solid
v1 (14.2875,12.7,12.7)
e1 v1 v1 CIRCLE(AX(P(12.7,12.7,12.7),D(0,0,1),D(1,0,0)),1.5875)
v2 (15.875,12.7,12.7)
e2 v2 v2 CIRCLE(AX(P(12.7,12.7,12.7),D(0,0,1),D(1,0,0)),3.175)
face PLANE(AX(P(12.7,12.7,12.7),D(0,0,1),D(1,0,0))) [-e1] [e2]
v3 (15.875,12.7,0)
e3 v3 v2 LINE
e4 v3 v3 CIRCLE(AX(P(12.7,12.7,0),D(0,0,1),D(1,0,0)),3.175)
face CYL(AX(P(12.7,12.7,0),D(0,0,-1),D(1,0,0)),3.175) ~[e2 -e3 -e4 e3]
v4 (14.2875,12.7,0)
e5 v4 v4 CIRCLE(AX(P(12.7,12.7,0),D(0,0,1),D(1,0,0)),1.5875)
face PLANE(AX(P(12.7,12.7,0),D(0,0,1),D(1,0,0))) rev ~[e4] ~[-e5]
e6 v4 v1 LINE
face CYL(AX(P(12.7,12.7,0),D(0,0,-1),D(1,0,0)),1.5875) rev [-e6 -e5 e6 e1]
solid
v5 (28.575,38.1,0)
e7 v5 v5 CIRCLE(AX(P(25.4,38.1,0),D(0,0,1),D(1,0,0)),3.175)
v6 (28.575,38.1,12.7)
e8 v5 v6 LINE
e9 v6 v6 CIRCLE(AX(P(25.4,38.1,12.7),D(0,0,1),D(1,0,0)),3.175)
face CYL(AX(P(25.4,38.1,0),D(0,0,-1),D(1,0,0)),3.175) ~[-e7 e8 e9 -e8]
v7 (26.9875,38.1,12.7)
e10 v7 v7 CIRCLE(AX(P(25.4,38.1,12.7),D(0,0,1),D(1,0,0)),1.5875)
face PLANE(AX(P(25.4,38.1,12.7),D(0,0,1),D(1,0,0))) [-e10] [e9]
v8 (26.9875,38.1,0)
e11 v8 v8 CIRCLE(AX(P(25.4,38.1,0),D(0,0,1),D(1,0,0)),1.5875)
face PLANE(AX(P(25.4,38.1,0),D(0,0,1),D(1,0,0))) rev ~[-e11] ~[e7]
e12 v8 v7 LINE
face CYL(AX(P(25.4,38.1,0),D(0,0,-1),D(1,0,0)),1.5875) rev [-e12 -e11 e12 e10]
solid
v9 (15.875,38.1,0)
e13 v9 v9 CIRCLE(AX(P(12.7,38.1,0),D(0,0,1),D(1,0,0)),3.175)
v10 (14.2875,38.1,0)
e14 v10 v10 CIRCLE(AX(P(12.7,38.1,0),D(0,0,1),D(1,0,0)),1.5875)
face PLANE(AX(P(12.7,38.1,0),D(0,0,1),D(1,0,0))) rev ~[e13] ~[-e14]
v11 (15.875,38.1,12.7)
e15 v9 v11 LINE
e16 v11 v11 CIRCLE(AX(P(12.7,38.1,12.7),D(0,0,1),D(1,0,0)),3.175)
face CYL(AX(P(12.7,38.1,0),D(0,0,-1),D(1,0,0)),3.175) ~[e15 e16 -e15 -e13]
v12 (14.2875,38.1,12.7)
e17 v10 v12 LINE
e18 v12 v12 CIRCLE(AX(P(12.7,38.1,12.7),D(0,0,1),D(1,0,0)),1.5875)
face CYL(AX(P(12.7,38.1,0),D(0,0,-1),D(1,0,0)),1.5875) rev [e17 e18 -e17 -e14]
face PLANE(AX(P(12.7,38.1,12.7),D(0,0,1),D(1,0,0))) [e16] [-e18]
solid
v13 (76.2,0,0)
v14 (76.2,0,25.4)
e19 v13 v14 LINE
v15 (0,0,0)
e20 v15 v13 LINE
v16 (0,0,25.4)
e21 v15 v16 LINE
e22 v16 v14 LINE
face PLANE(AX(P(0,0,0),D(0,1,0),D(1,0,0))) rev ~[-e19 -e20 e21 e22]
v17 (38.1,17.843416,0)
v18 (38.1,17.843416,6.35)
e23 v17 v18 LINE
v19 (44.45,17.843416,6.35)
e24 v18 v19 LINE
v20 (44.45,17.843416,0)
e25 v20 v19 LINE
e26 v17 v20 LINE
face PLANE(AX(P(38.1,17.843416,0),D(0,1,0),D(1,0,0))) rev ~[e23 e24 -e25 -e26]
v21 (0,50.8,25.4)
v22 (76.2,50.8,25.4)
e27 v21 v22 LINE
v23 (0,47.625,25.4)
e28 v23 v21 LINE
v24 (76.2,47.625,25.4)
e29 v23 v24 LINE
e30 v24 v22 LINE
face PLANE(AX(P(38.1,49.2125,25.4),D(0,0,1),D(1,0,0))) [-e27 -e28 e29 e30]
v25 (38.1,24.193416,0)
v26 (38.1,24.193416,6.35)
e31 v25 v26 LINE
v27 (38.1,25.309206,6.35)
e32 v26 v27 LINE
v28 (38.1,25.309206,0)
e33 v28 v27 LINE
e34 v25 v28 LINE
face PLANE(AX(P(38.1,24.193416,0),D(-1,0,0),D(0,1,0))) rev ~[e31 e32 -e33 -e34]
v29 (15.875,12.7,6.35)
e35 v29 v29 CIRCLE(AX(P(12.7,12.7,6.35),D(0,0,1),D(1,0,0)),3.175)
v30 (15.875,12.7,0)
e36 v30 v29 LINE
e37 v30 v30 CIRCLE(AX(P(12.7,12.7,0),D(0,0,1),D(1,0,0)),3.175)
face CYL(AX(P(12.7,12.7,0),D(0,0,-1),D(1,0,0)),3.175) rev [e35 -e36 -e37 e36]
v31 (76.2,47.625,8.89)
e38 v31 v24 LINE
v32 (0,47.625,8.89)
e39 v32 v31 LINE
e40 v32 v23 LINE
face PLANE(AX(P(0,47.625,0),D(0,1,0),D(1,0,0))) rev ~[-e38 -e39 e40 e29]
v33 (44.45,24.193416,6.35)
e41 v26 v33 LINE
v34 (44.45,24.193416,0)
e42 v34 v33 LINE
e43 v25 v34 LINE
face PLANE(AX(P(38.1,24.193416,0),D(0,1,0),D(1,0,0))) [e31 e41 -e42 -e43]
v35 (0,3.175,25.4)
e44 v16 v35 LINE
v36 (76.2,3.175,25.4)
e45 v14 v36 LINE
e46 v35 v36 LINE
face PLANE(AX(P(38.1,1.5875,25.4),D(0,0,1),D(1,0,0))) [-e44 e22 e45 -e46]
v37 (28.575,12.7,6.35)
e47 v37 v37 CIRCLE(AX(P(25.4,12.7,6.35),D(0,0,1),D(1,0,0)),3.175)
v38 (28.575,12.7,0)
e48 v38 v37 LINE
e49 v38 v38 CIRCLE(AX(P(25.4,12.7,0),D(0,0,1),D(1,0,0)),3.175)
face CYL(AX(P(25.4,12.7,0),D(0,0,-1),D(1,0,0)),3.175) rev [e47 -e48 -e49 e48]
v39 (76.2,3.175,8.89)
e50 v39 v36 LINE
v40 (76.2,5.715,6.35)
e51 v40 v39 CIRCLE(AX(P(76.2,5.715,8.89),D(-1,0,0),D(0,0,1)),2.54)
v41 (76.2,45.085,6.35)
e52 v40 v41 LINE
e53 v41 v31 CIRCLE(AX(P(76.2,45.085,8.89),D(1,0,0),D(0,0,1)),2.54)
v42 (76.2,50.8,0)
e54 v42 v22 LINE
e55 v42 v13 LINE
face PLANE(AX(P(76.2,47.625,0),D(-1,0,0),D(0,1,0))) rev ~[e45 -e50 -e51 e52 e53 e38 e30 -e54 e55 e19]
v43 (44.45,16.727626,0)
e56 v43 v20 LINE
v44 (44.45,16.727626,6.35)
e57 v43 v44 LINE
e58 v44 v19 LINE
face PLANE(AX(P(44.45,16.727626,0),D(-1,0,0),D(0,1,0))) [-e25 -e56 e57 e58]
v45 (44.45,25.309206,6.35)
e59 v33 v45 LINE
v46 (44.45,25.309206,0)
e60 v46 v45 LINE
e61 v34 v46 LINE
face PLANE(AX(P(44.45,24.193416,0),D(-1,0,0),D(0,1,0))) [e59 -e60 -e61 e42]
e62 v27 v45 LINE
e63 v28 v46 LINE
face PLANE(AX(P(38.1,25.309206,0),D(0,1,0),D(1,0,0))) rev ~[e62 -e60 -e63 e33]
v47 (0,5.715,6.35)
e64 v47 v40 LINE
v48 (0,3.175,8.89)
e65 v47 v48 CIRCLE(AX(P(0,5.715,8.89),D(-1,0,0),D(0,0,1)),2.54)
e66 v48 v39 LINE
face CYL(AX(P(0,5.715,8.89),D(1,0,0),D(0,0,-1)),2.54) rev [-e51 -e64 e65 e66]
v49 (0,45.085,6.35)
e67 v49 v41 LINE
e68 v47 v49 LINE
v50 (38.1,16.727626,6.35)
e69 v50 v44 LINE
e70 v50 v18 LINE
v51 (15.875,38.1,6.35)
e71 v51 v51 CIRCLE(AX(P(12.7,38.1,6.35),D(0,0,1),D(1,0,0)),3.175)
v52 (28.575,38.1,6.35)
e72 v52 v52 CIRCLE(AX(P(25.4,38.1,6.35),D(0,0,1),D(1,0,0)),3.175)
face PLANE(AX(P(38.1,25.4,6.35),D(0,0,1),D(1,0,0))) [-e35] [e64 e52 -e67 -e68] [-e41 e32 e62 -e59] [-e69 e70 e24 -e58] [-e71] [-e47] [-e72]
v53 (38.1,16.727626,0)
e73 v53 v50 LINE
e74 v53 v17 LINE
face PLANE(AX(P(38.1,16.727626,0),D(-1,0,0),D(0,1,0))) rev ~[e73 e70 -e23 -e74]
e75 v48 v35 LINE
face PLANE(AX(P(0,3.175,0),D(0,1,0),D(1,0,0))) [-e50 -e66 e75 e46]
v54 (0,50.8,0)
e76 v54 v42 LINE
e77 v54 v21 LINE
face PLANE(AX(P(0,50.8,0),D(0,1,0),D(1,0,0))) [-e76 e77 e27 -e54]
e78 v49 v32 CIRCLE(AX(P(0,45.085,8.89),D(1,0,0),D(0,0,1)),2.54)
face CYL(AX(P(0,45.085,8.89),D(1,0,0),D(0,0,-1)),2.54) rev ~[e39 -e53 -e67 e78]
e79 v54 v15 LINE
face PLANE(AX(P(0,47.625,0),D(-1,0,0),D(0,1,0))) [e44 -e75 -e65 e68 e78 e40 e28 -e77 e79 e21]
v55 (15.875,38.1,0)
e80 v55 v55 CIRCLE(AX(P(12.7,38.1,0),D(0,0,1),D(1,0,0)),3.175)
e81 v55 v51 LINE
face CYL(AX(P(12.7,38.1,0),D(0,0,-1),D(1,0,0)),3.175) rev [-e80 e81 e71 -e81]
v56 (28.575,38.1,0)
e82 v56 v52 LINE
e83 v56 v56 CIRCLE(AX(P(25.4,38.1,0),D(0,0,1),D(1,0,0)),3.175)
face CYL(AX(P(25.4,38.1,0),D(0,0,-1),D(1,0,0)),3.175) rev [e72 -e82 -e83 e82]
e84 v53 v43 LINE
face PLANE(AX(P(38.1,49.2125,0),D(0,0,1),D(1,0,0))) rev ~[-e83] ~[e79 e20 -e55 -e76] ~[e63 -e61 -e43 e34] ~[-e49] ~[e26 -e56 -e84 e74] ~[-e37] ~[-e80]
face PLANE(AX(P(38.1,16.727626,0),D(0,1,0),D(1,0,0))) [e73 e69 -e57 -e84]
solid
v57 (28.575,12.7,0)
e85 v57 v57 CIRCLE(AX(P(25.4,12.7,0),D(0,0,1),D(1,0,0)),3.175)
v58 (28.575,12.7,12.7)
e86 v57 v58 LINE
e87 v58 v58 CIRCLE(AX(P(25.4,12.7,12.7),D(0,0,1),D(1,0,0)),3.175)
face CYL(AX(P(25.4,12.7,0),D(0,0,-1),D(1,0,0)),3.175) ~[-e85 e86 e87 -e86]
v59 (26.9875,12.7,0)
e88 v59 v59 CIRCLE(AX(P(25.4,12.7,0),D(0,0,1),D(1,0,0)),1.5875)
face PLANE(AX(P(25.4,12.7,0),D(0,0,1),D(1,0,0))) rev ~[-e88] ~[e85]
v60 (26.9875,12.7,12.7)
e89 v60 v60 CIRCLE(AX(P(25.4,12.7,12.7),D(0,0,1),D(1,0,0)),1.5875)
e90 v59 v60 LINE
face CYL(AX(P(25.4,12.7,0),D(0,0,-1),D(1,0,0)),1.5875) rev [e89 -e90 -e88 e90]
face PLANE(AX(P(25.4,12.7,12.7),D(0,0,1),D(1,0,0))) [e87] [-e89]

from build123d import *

# Parameters (mm, degrees)
F0_R     = 3.175
F0_R_2   = 1.5875
F1_DEPTH = 12.7
F0_W     = 76.2
F0_H     = 44.45
F0_W_2   = 6.35
F0_H_2   = 1.11579
F2_DEPTH = 6.35
F0_H_3   = 3.175
F3_DEPTH = 25.4
F4_R     = 2.54


with BuildPart() as f1:
    # F0 (on Top) → F1 (new body)
    with BuildSketch(Plane.XY):
        with Locations((12.7, 38.1)):
            Circle(F0_R)
        with Locations((12.7, 38.1)):
            Circle(F0_R_2, mode=Mode.SUBTRACT)
        with Locations((12.7, 12.7)):
            Circle(F0_R)
        with Locations((12.7, 12.7)):
            Circle(F0_R_2, mode=Mode.SUBTRACT)
        with Locations((25.4, 38.1)):
            Circle(F0_R)
        with Locations((25.4, 38.1)):
            Circle(F0_R_2, mode=Mode.SUBTRACT)
        with Locations((25.4, 12.7)):
            Circle(F0_R)
        with Locations((25.4, 12.7)):
            Circle(F0_R_2, mode=Mode.SUBTRACT)
    extrude(amount=F1_DEPTH)


with BuildPart() as f2:
    # F0 (on Top) → F2 (new body)
    with BuildSketch(Plane.XY):
        with Locations((38.1, 25.4)):
            Rectangle(F0_W, F0_H)
        with Locations((12.7, 12.7)):
            Circle(F0_R, mode=Mode.SUBTRACT)
        with Locations((25.4, 12.7)):
            Circle(F0_R, mode=Mode.SUBTRACT)
        with Locations((41.275, 17.285521)):
            Rectangle(F0_W_2, F0_H_2, mode=Mode.SUBTRACT)
        with Locations((41.275, 24.751311)):
            Rectangle(F0_W_2, F0_H_2, mode=Mode.SUBTRACT)
        with Locations((12.7, 38.1)):
            Circle(F0_R, mode=Mode.SUBTRACT)
        with Locations((25.4, 38.1)):
            Circle(F0_R, mode=Mode.SUBTRACT)
    extrude(amount=F2_DEPTH)

    # F0 (on Top) → F3 (join)
    with BuildSketch(Plane.XY):
        with Locations((38.1, 49.2125)):
            Rectangle(F0_W, F0_H_3)
        with Locations((38.1, 1.5875)):
            Rectangle(F0_W, F0_H_3)
    extrude(amount=F3_DEPTH)

    # F4
    f4_edges = [f2.edges().sort_by_distance(p)[0] for p in [
        (38.1, 47.625, 6.35),
        (38.1, 3.175, 6.35),
    ]]
    fillet(f4_edges, radius=F4_R)


solid = Compound([f1.part, f2.part])
